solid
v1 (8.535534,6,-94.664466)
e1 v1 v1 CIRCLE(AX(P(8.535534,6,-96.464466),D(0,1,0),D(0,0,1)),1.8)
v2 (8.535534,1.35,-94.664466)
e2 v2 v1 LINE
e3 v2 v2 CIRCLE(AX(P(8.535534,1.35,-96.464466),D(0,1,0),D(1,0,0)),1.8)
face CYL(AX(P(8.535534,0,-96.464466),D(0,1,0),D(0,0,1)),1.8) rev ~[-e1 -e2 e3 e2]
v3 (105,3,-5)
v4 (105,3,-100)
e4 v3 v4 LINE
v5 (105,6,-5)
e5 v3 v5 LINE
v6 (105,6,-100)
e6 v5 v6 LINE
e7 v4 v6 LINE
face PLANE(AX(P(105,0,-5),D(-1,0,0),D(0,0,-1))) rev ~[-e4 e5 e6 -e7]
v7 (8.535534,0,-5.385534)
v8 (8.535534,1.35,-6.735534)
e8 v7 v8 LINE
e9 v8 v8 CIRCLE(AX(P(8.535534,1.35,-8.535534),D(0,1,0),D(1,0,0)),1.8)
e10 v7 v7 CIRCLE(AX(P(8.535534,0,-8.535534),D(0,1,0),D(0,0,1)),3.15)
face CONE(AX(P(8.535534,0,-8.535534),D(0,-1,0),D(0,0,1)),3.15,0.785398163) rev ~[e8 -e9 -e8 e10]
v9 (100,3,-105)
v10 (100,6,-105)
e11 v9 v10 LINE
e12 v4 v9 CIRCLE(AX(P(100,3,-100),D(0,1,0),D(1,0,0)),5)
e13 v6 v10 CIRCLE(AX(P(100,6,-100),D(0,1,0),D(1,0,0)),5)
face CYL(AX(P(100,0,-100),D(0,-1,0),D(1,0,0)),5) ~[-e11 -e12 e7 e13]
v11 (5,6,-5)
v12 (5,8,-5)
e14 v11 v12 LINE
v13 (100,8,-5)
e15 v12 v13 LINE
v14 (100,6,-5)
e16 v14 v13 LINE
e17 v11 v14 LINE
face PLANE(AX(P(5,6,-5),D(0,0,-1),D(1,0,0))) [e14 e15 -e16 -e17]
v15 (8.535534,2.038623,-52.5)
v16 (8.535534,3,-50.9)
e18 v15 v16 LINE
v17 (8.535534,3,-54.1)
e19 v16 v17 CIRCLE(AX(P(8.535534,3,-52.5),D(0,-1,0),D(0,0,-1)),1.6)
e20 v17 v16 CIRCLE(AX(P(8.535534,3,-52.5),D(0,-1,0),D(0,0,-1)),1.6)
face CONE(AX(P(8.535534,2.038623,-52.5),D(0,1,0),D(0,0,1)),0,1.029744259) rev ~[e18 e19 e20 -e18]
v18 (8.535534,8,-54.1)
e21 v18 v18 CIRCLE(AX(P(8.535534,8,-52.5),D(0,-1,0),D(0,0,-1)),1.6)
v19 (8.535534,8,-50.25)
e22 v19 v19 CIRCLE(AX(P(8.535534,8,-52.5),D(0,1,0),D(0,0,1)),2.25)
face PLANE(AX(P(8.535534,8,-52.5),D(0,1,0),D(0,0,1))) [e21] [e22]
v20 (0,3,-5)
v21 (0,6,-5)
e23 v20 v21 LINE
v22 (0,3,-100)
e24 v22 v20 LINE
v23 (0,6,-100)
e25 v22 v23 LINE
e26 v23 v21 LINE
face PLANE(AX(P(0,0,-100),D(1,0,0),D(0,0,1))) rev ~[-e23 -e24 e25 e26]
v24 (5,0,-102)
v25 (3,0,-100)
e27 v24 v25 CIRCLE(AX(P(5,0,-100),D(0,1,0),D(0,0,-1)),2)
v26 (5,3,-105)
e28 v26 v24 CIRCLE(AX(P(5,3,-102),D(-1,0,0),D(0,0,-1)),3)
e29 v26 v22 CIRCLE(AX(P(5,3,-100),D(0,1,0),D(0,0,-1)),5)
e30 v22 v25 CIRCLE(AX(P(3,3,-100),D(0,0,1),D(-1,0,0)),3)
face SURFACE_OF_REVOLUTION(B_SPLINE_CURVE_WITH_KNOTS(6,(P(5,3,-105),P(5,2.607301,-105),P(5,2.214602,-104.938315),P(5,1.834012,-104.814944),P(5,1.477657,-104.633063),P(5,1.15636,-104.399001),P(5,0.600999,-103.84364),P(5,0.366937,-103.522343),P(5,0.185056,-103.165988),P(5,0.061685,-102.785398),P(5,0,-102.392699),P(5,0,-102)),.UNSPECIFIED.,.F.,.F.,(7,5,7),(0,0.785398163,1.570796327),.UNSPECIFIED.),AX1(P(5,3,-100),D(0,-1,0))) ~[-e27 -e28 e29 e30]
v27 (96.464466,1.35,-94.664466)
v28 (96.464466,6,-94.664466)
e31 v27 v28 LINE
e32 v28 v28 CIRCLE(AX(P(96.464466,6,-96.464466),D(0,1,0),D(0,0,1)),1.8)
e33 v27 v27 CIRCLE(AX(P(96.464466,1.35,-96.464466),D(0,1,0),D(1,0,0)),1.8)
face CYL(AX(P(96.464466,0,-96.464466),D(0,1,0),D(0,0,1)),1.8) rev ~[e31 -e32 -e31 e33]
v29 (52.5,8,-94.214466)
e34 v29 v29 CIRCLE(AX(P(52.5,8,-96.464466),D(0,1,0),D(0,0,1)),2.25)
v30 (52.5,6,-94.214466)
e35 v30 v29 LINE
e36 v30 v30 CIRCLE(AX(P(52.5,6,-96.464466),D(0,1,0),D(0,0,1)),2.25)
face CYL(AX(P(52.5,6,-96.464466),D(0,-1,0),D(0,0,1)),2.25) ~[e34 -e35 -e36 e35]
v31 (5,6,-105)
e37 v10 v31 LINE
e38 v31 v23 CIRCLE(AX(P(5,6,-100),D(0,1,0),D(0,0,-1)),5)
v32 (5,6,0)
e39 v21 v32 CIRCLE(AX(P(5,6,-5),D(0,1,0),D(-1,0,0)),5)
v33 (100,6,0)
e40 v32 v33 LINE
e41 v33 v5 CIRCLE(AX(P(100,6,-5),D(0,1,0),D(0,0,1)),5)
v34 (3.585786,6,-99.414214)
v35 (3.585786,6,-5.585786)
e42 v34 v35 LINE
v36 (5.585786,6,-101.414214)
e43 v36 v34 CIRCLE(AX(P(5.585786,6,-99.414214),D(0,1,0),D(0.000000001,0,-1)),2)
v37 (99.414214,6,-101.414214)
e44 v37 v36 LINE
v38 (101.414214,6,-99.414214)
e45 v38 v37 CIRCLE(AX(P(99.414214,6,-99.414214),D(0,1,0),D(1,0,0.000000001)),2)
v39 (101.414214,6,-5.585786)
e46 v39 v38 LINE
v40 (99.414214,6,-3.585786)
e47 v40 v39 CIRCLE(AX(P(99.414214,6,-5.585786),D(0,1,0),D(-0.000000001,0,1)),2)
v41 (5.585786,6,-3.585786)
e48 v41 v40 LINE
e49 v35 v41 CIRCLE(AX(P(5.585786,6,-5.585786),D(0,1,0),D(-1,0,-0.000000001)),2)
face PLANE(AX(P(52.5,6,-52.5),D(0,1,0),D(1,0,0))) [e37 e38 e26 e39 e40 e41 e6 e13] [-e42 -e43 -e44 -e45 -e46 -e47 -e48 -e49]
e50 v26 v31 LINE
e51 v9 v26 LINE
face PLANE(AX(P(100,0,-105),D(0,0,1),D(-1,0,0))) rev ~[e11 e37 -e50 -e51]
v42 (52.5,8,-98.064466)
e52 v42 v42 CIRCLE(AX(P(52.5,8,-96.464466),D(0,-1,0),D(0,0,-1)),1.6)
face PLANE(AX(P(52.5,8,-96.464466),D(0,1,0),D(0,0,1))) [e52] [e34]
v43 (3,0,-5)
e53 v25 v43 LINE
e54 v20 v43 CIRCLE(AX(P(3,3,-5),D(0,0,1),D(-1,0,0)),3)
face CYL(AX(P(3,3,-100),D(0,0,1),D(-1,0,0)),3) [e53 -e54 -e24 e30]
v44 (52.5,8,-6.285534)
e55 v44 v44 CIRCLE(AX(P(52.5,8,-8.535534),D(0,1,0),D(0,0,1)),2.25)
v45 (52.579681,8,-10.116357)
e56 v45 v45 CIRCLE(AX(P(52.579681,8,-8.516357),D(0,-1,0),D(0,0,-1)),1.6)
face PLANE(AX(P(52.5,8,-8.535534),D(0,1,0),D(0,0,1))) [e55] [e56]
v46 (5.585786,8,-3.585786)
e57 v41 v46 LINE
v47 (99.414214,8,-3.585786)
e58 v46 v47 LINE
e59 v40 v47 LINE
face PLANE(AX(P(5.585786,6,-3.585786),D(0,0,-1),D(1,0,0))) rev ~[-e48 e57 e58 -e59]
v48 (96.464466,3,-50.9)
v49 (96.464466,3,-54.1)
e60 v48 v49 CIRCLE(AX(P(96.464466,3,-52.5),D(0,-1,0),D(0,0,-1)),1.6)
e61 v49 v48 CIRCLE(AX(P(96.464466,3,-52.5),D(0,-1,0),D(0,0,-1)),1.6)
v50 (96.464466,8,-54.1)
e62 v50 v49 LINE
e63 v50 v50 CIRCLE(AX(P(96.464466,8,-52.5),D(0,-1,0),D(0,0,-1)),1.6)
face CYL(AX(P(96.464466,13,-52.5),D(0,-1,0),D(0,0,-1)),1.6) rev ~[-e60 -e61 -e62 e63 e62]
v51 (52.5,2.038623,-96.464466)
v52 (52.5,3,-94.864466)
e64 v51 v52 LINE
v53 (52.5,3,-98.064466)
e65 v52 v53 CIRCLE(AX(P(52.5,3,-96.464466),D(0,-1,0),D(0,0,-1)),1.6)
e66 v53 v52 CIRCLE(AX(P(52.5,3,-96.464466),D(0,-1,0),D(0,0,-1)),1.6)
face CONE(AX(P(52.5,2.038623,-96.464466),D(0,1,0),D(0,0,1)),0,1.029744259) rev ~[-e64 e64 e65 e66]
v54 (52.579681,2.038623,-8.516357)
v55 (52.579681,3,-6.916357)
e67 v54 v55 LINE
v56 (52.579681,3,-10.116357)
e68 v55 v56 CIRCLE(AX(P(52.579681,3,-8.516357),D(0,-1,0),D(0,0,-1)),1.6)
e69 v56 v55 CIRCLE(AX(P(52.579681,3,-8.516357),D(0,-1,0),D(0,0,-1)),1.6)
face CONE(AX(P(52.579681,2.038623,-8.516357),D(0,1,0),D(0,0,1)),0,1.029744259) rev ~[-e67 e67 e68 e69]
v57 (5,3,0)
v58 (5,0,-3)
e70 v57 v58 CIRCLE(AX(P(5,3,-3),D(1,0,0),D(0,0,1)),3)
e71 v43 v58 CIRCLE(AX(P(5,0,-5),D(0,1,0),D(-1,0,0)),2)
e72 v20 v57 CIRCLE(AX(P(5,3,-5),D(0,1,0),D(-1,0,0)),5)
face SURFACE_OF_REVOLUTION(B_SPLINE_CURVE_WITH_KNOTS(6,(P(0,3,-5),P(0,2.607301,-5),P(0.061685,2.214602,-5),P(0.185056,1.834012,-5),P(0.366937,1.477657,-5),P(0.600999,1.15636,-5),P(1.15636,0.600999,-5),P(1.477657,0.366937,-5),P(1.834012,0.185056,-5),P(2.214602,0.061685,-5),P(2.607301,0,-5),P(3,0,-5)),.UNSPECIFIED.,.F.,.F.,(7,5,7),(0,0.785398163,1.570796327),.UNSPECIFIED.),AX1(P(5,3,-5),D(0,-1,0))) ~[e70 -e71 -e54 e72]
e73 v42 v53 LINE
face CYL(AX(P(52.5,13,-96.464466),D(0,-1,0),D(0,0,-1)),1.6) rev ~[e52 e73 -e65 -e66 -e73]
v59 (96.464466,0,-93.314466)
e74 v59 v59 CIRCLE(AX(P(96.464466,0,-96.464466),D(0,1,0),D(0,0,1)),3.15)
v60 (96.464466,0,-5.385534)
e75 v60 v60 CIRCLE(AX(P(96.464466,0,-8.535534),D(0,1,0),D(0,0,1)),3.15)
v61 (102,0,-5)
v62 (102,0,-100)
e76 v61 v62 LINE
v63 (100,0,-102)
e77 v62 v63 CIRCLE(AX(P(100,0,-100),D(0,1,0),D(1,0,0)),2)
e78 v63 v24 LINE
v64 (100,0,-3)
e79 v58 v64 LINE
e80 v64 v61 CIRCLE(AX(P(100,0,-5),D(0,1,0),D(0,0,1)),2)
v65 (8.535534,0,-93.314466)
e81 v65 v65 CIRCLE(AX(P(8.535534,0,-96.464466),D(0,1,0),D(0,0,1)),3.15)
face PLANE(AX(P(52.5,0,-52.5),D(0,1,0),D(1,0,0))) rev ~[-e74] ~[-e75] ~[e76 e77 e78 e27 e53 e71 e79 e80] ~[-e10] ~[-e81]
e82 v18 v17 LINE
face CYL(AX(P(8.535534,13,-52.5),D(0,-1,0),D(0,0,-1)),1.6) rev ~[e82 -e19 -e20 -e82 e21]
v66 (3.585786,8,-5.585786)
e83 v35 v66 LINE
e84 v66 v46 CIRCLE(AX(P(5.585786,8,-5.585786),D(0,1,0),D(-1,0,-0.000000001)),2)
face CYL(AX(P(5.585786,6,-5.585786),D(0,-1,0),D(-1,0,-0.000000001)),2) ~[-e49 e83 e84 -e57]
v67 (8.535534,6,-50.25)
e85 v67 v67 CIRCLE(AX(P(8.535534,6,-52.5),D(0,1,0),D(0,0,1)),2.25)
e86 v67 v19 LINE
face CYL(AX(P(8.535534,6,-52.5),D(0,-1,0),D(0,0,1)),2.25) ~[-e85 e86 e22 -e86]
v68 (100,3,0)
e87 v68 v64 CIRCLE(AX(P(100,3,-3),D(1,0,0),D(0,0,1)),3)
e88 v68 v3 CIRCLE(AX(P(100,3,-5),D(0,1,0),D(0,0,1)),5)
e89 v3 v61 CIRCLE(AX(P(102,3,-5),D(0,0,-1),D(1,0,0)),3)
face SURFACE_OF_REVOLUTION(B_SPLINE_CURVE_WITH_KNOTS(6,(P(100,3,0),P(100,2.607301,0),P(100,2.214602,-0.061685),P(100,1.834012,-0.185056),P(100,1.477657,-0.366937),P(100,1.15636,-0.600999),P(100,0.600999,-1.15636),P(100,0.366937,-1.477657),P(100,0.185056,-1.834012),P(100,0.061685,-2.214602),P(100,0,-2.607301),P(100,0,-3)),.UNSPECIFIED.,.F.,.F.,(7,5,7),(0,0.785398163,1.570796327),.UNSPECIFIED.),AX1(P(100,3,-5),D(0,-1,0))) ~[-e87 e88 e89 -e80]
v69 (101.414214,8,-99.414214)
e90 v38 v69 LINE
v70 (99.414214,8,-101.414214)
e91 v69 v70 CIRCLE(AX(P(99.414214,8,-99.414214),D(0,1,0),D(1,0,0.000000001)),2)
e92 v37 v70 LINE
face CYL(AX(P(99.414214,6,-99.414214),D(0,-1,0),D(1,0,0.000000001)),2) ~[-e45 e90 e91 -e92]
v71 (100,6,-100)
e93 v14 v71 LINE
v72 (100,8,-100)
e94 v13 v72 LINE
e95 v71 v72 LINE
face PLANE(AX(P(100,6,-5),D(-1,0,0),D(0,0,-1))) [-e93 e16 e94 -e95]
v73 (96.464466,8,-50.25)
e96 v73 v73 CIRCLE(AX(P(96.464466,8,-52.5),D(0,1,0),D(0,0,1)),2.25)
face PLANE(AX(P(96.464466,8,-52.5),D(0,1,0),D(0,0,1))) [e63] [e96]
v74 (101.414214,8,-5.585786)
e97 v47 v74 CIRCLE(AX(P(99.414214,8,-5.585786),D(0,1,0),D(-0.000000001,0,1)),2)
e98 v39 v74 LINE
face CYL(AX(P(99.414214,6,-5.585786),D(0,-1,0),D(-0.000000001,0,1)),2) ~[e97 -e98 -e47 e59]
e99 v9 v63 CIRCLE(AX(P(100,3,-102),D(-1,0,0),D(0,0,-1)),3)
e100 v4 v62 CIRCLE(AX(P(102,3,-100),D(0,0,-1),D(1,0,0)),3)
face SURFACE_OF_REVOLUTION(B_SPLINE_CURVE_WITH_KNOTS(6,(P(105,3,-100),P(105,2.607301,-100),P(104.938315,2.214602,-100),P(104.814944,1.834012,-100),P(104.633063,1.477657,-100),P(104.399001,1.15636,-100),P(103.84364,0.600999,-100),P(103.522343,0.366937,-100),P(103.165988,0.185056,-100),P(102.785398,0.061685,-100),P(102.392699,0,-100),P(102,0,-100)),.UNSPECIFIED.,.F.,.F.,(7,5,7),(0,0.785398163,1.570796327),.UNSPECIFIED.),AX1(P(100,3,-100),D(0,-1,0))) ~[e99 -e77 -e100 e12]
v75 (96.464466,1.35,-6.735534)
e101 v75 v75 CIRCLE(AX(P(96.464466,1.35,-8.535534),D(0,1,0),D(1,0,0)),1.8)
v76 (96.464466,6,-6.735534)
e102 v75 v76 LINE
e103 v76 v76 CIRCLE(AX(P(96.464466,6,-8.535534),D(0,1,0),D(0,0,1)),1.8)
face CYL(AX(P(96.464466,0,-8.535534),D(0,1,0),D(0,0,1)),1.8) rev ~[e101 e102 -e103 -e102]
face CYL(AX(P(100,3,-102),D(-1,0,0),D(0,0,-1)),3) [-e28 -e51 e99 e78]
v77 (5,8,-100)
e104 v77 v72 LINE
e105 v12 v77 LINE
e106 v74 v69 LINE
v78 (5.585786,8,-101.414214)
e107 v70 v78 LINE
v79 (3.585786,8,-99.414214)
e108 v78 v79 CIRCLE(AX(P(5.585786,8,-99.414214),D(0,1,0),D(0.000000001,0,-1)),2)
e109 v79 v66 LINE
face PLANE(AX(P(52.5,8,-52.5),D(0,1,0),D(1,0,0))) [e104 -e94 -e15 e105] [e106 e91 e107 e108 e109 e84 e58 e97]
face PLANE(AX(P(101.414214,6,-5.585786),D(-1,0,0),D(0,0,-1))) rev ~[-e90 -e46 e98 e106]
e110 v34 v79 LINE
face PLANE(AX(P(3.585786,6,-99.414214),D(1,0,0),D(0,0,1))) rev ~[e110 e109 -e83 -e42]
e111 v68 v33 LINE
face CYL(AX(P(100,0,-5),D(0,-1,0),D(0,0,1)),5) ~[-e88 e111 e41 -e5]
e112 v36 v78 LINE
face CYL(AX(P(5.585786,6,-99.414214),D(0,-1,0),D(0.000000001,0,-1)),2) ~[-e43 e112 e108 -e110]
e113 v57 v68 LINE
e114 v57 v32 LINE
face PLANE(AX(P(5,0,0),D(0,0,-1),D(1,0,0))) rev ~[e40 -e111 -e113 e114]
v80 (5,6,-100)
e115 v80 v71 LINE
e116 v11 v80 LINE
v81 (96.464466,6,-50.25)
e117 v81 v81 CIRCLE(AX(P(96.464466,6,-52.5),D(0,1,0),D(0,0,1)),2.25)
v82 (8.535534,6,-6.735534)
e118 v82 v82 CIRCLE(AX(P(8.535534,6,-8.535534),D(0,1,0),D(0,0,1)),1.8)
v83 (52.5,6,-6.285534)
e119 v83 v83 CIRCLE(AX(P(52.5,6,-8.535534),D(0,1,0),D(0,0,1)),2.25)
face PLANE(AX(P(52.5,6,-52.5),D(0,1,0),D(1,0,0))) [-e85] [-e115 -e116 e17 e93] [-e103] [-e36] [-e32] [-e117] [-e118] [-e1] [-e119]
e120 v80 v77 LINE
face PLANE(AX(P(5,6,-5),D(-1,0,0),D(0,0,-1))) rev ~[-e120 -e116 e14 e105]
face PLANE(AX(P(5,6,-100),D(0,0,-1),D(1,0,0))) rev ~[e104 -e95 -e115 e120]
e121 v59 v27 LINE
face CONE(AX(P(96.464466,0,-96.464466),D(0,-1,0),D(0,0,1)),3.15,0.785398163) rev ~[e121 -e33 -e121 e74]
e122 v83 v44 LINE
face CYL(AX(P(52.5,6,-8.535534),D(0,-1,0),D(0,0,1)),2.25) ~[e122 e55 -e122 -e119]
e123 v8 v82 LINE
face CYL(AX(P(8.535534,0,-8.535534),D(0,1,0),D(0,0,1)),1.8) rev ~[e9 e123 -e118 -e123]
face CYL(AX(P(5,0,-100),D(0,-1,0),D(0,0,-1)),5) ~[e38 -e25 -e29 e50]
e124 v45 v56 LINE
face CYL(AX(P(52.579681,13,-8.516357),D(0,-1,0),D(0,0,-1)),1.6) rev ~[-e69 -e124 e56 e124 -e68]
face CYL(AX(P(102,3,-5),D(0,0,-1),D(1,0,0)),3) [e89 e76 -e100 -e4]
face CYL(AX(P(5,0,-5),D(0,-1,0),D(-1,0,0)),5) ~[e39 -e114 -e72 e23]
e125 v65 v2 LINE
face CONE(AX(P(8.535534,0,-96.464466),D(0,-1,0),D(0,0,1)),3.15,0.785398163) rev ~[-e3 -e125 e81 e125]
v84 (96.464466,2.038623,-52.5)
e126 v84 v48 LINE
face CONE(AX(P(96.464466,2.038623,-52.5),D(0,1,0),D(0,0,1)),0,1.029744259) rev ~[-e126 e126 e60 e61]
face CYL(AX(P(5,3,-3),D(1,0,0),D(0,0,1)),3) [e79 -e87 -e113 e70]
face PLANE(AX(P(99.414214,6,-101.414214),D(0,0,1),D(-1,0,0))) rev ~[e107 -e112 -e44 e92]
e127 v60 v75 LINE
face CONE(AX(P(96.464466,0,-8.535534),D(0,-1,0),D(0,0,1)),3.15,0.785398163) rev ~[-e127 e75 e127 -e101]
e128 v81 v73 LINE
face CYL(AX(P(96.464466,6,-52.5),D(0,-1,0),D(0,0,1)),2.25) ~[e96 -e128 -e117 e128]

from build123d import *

# Parameters (mm, degrees)
BOSS_EXTRUDE1_DEPTH                             = 6
FILLET1_R                                       = 3
CSK_FOR_M3_FLAT_HEAD_MACHINE_SCREW1_D           = 3.6
CSK_FOR_M3_FLAT_HEAD_MACHINE_SCREW1_CSINK_D     = 6.3
CSK_FOR_M3_FLAT_HEAD_MACHINE_SCREW1_CSINK_ANGLE = 90
SKETCH5_W                                       = 95
SKETCH5_H                                       = 95
BOSS_EXTRUDE2_DEPTH                             = 2
SKETCH6_R                                       = 2.25
BOSS_EXTRUDE3_DEPTH                             = 2
M3_CLEARANCE_HOLE1_D                            = 3.2
M3_CLEARANCE_HOLE1_DEPTH                        = 5
M3_CLEARANCE_HOLE1_TIP                          = 0.96137699


with BuildPart() as part:
    # Sketch1 → Boss-Extrude1 (new body)
    with BuildSketch(Plane(origin=(0, 0, 0), x_dir=(1, 0, 0), z_dir=(0, 1, 0))):
        with BuildLine():
            Line((5, 0), (100, 0))
            ThreePointArc((100, 0), (103.535533906, 1.464466094), (105, 5))
            Line((105, 5), (105, 100))
            ThreePointArc((105, 100), (103.535533906, 103.535533906), (100, 105))
            Line((100, 105), (5, 105))
            ThreePointArc((5, 105), (1.464466094, 103.535533906), (0, 100))
            Line((0, 100), (0, 5))
            ThreePointArc((0, 5), (1.464466094, 1.464466094), (5, 0))
        make_face()
    extrude(amount=BOSS_EXTRUDE1_DEPTH)

    # Fillet1
    fillet1_edges = [part.edges().sort_by_distance(p)[0] for p in [
        (52.5, 0, -105),
        (103.535533906, 0, -103.535533906),
        (105, 0, -52.5),
        (103.535533906, 0, -1.464466094),
        (52.5, 0, 0),
        (1.464466094, 0, -1.464466094),
        (0, 0, -52.5),
        (1.464466094, 0, -103.535533906),
    ]]
    fillet(fillet1_edges, radius=FILLET1_R)

    # CSK for M3 Flat Head Machine Screw1 (through all)
    with Locations(Plane(origin=(8.535533906, 0, -8.535533906), x_dir=(0, 0, -1), z_dir=(0, -1, 0))):
        with Locations((0, 0), (87.928932188, 0), (87.928932188, 87.928932188), (0, 87.928932188)):
            CounterSinkHole(CSK_FOR_M3_FLAT_HEAD_MACHINE_SCREW1_D / 2, CSK_FOR_M3_FLAT_HEAD_MACHINE_SCREW1_CSINK_D / 2, counter_sink_angle=CSK_FOR_M3_FLAT_HEAD_MACHINE_SCREW1_CSINK_ANGLE)

    # Sketch5 → Boss-Extrude2 (add)
    with BuildSketch(Plane(origin=(0, 6, 0), x_dir=(1, 0, 0), z_dir=(0, 1, 0))):
        with BuildLine():
            Line((5.585786438, 3.585786438), (99.414213562, 3.585786438))
            ThreePointArc((99.414213562, 3.585786438), (100.828427125, 4.171572875), (101.414213562, 5.585786438))
            Line((101.414213562, 5.585786438), (101.414213562, 99.414213562))
            ThreePointArc((101.414213562, 99.414213562), (100.828427125, 100.828427125), (99.414213562, 101.414213562))
            Line((99.414213562, 101.414213562), (5.585786438, 101.414213562))
            ThreePointArc((5.585786438, 101.414213562), (4.171572875, 100.828427125), (3.585786438, 99.414213562))
            Line((3.585786438, 99.414213562), (3.585786438, 5.585786438))
            ThreePointArc((3.585786438, 5.585786438), (4.171572875, 4.171572875), (5.585786438, 3.585786438))
        make_face()
        with Locations((52.5, 52.5)):
            Rectangle(SKETCH5_W, SKETCH5_H, mode=Mode.SUBTRACT)
    extrude(amount=BOSS_EXTRUDE2_DEPTH)

    # Sketch6 → Boss-Extrude3 (add)
    with BuildSketch(Plane(origin=(0, 6, 0), x_dir=(1, 0, 0), z_dir=(0, 1, 0))):
        with Locations(Location((8.535533906, 52.5, 0), (0, 0, 270))):
            Circle(SKETCH6_R)
        with Locations(Location((52.5, 8.535533906, 0), (0, 0, 270))):
            Circle(SKETCH6_R)
        with Locations(Location((96.464466094, 52.5, 0), (0, 0, 270))):
            Circle(SKETCH6_R)
        with Locations(Location((52.5, 96.464466094, 0), (0, 0, 270))):
            Circle(SKETCH6_R)
    extrude(amount=BOSS_EXTRUDE3_DEPTH)

    # M3 Clearance Hole1
    with Locations(Plane(origin=(8.535533906, 8, -52.5), x_dir=(0, 0, 1), z_dir=(0, 1, 0))):
        with Locations((0, 0), (43.983643016, 44.044146607), (0, 87.928932188), (-43.964466094, 43.964466094)):
            Hole(M3_CLEARANCE_HOLE1_D / 2, depth=M3_CLEARANCE_HOLE1_DEPTH)
            with Locations((0, 0, -(M3_CLEARANCE_HOLE1_DEPTH + M3_CLEARANCE_HOLE1_TIP / 2))):  # 118° drill point
                Cone(0, M3_CLEARANCE_HOLE1_D / 2, M3_CLEARANCE_HOLE1_TIP, mode=Mode.SUBTRACT)


solid = part.part
